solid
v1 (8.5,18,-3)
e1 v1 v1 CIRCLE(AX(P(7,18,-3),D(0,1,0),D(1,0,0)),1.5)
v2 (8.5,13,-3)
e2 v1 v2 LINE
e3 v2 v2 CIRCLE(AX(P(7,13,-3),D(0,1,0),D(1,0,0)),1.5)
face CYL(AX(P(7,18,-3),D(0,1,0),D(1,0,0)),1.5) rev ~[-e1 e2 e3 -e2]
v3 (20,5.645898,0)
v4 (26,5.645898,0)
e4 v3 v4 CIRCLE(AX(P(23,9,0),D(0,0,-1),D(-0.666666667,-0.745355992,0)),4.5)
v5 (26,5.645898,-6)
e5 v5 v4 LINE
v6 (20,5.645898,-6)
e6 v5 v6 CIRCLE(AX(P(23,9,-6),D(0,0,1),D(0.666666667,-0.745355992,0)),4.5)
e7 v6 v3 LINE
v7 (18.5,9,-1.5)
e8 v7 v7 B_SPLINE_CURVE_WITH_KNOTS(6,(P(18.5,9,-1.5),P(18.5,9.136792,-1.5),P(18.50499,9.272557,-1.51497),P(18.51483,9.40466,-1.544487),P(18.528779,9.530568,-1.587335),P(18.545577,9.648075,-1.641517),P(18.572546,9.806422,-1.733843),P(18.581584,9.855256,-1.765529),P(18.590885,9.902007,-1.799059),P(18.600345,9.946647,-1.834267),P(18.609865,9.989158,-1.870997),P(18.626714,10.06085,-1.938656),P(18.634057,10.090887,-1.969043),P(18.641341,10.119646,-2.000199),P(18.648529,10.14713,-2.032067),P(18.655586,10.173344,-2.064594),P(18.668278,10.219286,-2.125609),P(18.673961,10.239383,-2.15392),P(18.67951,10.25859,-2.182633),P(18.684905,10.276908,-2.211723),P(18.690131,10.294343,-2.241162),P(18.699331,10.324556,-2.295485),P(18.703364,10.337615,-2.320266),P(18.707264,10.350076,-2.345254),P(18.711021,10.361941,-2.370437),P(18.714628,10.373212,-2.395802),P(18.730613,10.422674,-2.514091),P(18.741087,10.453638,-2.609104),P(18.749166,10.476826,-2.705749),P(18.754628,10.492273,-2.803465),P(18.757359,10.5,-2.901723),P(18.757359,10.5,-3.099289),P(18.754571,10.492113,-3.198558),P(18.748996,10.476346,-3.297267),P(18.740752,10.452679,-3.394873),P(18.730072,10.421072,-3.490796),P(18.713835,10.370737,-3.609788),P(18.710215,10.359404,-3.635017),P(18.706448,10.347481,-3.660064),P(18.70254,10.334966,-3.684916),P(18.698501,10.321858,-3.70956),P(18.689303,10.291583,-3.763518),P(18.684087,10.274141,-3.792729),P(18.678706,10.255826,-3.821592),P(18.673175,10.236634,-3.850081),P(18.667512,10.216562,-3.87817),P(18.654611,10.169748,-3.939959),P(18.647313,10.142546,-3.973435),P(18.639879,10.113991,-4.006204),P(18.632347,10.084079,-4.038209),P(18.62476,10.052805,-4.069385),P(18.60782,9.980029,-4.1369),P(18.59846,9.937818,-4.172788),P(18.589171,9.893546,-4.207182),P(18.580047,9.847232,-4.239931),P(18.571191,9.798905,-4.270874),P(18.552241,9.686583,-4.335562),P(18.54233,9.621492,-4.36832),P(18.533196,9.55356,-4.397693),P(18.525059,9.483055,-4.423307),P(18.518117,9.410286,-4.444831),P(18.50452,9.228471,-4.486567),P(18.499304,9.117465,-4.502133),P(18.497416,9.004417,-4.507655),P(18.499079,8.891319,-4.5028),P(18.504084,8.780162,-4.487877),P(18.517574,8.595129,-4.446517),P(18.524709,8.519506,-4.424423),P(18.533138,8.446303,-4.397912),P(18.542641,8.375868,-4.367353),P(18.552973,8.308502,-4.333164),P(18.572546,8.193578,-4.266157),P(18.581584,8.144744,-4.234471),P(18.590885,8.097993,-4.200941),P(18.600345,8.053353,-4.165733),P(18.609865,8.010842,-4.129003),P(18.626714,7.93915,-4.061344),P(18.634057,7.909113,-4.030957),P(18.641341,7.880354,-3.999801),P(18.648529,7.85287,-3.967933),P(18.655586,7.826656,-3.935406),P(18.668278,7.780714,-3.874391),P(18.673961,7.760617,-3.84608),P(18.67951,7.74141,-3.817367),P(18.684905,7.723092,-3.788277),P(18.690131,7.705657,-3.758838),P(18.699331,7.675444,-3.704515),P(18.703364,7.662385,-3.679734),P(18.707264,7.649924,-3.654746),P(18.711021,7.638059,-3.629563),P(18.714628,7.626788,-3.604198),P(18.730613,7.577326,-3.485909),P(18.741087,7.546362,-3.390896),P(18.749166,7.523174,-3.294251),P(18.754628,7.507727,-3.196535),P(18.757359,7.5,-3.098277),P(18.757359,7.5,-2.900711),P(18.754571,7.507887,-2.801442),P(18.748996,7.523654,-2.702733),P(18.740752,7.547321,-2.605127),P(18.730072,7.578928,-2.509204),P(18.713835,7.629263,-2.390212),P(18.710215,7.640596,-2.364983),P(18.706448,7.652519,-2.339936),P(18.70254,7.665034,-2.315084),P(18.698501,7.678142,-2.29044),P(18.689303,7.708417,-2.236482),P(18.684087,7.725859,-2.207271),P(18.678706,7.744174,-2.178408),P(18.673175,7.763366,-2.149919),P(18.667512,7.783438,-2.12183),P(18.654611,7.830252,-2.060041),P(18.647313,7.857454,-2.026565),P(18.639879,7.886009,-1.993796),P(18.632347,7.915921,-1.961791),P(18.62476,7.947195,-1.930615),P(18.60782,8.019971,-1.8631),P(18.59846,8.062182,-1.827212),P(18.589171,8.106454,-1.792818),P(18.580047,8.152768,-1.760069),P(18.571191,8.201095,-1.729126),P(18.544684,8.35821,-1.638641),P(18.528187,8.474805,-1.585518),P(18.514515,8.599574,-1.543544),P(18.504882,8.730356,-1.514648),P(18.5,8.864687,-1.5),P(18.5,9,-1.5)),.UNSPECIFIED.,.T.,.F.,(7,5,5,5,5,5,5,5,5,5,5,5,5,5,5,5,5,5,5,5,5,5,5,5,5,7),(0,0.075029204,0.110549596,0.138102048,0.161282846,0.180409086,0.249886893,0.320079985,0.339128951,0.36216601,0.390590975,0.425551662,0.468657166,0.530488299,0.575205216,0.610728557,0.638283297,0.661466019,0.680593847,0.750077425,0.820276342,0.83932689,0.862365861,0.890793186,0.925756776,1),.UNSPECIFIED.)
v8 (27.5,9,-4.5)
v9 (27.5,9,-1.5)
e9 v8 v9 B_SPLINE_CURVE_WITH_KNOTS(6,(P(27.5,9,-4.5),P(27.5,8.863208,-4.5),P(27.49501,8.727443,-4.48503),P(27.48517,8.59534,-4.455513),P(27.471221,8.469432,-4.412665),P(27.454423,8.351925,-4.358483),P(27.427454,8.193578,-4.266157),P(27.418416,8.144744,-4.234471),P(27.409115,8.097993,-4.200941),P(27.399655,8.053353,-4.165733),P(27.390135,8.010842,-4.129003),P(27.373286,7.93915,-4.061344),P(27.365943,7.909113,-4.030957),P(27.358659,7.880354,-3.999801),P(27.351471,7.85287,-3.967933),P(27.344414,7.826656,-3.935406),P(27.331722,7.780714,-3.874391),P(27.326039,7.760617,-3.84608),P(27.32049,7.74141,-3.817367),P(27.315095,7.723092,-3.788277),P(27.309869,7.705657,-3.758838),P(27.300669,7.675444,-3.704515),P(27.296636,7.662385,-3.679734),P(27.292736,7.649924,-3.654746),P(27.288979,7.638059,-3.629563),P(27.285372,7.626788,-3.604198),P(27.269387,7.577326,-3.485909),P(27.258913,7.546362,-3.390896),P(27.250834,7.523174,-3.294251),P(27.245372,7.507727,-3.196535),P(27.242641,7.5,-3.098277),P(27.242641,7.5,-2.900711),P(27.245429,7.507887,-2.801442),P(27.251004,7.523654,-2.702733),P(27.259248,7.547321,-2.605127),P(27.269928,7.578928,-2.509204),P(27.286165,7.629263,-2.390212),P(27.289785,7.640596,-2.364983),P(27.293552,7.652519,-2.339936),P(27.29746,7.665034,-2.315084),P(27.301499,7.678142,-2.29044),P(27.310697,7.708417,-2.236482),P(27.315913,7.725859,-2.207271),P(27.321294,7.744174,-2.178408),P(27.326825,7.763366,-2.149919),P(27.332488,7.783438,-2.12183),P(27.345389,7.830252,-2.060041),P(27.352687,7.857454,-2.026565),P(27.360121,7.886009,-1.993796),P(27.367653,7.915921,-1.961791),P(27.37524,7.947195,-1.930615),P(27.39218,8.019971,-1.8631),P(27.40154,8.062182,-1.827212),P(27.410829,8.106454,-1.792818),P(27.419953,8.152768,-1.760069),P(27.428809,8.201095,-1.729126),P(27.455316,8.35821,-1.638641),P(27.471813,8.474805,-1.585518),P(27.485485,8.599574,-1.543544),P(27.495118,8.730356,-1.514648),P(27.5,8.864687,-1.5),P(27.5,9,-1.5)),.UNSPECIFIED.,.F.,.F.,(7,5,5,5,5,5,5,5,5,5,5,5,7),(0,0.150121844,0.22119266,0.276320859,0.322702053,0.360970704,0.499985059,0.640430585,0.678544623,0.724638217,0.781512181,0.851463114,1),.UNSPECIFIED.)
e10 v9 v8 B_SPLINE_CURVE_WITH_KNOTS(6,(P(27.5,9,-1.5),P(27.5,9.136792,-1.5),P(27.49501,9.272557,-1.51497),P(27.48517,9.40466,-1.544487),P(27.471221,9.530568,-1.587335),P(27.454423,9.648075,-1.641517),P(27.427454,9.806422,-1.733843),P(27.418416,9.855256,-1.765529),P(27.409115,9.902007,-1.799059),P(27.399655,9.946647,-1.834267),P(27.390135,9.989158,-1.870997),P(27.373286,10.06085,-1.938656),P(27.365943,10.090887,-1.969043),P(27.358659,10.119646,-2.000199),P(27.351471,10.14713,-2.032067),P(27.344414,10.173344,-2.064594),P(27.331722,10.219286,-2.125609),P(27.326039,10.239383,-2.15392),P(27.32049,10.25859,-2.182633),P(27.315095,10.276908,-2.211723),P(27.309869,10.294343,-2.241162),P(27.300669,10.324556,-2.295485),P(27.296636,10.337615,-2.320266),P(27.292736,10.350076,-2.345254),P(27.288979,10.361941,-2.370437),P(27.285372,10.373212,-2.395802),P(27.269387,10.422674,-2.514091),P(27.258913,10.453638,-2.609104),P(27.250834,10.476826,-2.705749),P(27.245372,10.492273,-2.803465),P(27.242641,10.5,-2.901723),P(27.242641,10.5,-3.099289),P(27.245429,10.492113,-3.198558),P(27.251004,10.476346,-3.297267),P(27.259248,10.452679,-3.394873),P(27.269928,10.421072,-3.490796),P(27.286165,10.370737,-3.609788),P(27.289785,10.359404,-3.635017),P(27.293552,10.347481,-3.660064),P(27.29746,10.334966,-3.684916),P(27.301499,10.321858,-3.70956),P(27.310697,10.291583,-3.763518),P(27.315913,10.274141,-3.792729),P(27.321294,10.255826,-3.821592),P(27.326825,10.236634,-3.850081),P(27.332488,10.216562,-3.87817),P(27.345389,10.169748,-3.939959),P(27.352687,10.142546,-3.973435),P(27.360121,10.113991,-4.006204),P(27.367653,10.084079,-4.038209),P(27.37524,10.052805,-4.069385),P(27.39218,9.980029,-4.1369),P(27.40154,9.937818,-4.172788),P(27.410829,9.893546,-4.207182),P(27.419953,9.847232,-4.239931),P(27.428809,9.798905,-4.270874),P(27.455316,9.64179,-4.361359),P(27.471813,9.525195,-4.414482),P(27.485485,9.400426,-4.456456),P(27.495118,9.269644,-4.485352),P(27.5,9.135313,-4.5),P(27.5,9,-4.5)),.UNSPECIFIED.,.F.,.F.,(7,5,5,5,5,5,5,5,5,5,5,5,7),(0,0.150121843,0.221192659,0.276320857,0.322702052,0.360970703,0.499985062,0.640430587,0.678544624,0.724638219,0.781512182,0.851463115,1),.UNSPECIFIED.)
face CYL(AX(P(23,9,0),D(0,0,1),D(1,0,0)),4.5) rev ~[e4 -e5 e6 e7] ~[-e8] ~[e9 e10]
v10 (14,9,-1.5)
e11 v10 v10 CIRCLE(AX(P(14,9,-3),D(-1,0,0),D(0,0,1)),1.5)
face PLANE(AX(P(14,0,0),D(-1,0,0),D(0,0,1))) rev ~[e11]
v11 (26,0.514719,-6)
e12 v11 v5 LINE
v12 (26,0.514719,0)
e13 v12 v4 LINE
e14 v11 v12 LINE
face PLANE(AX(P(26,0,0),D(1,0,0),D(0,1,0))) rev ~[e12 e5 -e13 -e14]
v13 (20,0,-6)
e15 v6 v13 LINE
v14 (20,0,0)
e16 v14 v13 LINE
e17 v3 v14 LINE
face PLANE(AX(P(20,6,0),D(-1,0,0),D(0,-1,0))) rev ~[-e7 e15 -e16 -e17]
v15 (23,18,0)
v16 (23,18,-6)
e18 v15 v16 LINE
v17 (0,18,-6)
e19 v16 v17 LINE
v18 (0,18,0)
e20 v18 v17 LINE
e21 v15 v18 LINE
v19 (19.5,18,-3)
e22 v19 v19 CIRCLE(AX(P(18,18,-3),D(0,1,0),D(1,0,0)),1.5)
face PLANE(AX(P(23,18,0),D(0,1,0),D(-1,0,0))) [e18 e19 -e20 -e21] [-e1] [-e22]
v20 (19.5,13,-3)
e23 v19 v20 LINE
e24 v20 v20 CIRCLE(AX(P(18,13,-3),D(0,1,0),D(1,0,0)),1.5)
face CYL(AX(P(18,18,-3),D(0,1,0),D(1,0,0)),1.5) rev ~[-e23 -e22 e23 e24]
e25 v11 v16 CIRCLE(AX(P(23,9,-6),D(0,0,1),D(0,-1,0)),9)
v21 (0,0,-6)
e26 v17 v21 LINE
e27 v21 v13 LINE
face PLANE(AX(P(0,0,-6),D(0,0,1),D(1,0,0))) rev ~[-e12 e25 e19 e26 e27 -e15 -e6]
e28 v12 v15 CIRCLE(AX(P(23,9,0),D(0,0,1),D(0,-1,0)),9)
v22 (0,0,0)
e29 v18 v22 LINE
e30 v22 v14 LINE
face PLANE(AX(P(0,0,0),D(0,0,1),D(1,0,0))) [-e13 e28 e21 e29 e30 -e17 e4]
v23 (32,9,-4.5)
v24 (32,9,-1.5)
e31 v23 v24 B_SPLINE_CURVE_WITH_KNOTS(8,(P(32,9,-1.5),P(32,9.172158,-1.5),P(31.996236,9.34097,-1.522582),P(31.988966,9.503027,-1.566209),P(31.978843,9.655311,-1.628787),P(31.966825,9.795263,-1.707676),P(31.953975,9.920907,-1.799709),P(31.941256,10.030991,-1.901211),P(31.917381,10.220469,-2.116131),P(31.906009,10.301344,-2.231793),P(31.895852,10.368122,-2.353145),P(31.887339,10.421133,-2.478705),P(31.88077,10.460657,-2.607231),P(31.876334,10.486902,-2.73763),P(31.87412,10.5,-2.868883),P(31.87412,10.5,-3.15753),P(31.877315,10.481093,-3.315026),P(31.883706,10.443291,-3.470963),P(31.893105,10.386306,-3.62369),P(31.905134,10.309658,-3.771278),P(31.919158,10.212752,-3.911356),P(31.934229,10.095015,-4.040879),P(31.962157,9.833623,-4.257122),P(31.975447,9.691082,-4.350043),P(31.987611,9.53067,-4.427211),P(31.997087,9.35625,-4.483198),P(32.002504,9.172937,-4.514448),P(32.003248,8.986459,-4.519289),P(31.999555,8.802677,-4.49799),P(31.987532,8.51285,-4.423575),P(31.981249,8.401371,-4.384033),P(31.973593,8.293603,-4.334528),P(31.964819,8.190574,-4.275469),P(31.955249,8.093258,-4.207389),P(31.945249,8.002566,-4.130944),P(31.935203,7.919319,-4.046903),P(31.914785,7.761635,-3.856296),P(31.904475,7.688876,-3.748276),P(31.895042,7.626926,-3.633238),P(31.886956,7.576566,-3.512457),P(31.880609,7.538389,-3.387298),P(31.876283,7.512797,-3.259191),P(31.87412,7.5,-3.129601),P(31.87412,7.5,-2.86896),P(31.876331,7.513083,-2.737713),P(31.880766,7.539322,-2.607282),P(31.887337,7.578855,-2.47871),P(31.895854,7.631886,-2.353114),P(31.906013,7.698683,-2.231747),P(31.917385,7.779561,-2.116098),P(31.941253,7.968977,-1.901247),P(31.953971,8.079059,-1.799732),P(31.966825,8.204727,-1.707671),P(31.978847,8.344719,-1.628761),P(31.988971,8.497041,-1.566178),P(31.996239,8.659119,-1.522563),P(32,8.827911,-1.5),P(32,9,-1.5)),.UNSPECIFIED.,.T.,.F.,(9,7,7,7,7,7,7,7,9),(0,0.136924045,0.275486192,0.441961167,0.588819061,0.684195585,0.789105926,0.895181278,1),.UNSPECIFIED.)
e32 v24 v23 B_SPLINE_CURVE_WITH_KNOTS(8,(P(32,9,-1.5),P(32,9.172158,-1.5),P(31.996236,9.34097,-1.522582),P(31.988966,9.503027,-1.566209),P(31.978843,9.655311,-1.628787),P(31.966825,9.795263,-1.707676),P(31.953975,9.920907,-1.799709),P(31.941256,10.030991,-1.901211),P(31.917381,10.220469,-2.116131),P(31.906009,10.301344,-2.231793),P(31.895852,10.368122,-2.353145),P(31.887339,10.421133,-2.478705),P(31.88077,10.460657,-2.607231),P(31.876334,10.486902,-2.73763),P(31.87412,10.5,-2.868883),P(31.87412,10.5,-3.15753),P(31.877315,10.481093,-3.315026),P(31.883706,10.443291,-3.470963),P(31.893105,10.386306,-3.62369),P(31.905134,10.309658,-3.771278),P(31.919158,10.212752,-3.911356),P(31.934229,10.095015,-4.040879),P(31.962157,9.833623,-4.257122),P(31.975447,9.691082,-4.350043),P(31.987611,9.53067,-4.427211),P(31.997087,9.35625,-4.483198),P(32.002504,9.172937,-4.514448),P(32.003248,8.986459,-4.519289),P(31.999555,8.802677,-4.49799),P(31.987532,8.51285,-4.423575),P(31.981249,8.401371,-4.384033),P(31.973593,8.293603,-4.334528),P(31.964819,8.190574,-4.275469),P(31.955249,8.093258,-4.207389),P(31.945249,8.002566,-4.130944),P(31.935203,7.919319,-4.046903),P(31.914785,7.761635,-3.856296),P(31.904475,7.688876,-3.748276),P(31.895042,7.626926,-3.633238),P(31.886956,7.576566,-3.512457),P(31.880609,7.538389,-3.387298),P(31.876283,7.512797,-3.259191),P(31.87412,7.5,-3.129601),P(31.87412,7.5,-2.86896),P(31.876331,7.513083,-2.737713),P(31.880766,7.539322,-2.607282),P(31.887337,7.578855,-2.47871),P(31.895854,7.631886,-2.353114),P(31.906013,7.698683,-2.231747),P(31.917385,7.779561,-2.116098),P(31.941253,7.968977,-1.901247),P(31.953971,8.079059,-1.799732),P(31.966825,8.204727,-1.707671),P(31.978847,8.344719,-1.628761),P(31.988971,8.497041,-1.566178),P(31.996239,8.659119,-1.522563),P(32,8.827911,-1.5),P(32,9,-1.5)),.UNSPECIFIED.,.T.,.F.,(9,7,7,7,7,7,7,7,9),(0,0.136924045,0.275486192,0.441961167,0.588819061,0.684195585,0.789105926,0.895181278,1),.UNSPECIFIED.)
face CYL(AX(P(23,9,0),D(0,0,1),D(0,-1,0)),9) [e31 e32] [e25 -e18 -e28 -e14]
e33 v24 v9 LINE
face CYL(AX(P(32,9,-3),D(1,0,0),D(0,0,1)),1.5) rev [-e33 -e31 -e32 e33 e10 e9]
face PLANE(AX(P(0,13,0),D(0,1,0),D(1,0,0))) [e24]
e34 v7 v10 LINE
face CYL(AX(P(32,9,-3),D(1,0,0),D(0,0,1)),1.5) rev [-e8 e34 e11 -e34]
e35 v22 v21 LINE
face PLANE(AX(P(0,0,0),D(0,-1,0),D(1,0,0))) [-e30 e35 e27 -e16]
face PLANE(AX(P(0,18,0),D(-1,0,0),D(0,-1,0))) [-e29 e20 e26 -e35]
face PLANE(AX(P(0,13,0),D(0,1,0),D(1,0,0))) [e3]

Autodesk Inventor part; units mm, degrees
ref_plane "YZ Plane" through (0, 0, 0) normal (1, 0, 0) x (0, 1, 0)
ref_plane "XZ Plane" through (0, 0, 0) normal (0, 1, 0) x (-1, 0, 0)
sketch "Sketch1" plane through (0, 0, 0) normal (0, 0, 1) x (1, 0, 0)
  line L0 (0, 0) -> (23, 0)
  arc A0 (23, 0) -> (23, 18) centre (23, 9) ccw
  line L1 (23, 18) -> (0, 18)
  line L2 (0, 18) -> (0, 0)
  circle A1 centre (23, 9) radius 4.5
  dimension "d0" = 23
  dimension "d1" = 18
  dimension "d2" = 9
  dimension "d3" = 9
extrude "Extrusion1" add sketch "Sketch1" against normal blind 6
sketch "Sketch2" plane through (0, 18, 0) normal (0, 1, 0) x (1, 0, 0)
  circle A0 centre (18, 3) radius 1.5
  circle A1 centre (7, 3) radius 1.5
  point P0 (0, 0)
  dimension "d6" = 3
  dimension "d7" = 3
extrude "Extrusion2" cut sketch "Sketch2" against normal blind 5
sketch "Sketch3" plane through (0, 0, 0) normal (0, 0, 1) x (1, 0, 0)
  line L0 (20, 0) -> (26, 0)
  line L1 (26, 0) -> (26, 6)
  line L2 (26, 6) -> (20, 6)
  line L3 (20, 6) -> (20, 0)
  point P0 (0, 0)
  dimension "d10" = 6
  dimension "d11" = 6
extrude "Extrusion3" cut sketch "Sketch3" against normal through all
ref_plane "Work Plane1" through (32, 0, 0) normal (-1, 0, 0) x (0, 0, 1)
sketch "Sketch4" plane through (32, 0, 0) normal (-1, 0, 0) x (0, 0, 1)
  circle A0 centre (-3, 9) radius 1.5
  point P0 (0, 0)
  dimension "d15" = 3
extrude "Extrusion4" cut sketch "Sketch4" along normal blind 18
properties part number "Hand - Digit 2-3"
